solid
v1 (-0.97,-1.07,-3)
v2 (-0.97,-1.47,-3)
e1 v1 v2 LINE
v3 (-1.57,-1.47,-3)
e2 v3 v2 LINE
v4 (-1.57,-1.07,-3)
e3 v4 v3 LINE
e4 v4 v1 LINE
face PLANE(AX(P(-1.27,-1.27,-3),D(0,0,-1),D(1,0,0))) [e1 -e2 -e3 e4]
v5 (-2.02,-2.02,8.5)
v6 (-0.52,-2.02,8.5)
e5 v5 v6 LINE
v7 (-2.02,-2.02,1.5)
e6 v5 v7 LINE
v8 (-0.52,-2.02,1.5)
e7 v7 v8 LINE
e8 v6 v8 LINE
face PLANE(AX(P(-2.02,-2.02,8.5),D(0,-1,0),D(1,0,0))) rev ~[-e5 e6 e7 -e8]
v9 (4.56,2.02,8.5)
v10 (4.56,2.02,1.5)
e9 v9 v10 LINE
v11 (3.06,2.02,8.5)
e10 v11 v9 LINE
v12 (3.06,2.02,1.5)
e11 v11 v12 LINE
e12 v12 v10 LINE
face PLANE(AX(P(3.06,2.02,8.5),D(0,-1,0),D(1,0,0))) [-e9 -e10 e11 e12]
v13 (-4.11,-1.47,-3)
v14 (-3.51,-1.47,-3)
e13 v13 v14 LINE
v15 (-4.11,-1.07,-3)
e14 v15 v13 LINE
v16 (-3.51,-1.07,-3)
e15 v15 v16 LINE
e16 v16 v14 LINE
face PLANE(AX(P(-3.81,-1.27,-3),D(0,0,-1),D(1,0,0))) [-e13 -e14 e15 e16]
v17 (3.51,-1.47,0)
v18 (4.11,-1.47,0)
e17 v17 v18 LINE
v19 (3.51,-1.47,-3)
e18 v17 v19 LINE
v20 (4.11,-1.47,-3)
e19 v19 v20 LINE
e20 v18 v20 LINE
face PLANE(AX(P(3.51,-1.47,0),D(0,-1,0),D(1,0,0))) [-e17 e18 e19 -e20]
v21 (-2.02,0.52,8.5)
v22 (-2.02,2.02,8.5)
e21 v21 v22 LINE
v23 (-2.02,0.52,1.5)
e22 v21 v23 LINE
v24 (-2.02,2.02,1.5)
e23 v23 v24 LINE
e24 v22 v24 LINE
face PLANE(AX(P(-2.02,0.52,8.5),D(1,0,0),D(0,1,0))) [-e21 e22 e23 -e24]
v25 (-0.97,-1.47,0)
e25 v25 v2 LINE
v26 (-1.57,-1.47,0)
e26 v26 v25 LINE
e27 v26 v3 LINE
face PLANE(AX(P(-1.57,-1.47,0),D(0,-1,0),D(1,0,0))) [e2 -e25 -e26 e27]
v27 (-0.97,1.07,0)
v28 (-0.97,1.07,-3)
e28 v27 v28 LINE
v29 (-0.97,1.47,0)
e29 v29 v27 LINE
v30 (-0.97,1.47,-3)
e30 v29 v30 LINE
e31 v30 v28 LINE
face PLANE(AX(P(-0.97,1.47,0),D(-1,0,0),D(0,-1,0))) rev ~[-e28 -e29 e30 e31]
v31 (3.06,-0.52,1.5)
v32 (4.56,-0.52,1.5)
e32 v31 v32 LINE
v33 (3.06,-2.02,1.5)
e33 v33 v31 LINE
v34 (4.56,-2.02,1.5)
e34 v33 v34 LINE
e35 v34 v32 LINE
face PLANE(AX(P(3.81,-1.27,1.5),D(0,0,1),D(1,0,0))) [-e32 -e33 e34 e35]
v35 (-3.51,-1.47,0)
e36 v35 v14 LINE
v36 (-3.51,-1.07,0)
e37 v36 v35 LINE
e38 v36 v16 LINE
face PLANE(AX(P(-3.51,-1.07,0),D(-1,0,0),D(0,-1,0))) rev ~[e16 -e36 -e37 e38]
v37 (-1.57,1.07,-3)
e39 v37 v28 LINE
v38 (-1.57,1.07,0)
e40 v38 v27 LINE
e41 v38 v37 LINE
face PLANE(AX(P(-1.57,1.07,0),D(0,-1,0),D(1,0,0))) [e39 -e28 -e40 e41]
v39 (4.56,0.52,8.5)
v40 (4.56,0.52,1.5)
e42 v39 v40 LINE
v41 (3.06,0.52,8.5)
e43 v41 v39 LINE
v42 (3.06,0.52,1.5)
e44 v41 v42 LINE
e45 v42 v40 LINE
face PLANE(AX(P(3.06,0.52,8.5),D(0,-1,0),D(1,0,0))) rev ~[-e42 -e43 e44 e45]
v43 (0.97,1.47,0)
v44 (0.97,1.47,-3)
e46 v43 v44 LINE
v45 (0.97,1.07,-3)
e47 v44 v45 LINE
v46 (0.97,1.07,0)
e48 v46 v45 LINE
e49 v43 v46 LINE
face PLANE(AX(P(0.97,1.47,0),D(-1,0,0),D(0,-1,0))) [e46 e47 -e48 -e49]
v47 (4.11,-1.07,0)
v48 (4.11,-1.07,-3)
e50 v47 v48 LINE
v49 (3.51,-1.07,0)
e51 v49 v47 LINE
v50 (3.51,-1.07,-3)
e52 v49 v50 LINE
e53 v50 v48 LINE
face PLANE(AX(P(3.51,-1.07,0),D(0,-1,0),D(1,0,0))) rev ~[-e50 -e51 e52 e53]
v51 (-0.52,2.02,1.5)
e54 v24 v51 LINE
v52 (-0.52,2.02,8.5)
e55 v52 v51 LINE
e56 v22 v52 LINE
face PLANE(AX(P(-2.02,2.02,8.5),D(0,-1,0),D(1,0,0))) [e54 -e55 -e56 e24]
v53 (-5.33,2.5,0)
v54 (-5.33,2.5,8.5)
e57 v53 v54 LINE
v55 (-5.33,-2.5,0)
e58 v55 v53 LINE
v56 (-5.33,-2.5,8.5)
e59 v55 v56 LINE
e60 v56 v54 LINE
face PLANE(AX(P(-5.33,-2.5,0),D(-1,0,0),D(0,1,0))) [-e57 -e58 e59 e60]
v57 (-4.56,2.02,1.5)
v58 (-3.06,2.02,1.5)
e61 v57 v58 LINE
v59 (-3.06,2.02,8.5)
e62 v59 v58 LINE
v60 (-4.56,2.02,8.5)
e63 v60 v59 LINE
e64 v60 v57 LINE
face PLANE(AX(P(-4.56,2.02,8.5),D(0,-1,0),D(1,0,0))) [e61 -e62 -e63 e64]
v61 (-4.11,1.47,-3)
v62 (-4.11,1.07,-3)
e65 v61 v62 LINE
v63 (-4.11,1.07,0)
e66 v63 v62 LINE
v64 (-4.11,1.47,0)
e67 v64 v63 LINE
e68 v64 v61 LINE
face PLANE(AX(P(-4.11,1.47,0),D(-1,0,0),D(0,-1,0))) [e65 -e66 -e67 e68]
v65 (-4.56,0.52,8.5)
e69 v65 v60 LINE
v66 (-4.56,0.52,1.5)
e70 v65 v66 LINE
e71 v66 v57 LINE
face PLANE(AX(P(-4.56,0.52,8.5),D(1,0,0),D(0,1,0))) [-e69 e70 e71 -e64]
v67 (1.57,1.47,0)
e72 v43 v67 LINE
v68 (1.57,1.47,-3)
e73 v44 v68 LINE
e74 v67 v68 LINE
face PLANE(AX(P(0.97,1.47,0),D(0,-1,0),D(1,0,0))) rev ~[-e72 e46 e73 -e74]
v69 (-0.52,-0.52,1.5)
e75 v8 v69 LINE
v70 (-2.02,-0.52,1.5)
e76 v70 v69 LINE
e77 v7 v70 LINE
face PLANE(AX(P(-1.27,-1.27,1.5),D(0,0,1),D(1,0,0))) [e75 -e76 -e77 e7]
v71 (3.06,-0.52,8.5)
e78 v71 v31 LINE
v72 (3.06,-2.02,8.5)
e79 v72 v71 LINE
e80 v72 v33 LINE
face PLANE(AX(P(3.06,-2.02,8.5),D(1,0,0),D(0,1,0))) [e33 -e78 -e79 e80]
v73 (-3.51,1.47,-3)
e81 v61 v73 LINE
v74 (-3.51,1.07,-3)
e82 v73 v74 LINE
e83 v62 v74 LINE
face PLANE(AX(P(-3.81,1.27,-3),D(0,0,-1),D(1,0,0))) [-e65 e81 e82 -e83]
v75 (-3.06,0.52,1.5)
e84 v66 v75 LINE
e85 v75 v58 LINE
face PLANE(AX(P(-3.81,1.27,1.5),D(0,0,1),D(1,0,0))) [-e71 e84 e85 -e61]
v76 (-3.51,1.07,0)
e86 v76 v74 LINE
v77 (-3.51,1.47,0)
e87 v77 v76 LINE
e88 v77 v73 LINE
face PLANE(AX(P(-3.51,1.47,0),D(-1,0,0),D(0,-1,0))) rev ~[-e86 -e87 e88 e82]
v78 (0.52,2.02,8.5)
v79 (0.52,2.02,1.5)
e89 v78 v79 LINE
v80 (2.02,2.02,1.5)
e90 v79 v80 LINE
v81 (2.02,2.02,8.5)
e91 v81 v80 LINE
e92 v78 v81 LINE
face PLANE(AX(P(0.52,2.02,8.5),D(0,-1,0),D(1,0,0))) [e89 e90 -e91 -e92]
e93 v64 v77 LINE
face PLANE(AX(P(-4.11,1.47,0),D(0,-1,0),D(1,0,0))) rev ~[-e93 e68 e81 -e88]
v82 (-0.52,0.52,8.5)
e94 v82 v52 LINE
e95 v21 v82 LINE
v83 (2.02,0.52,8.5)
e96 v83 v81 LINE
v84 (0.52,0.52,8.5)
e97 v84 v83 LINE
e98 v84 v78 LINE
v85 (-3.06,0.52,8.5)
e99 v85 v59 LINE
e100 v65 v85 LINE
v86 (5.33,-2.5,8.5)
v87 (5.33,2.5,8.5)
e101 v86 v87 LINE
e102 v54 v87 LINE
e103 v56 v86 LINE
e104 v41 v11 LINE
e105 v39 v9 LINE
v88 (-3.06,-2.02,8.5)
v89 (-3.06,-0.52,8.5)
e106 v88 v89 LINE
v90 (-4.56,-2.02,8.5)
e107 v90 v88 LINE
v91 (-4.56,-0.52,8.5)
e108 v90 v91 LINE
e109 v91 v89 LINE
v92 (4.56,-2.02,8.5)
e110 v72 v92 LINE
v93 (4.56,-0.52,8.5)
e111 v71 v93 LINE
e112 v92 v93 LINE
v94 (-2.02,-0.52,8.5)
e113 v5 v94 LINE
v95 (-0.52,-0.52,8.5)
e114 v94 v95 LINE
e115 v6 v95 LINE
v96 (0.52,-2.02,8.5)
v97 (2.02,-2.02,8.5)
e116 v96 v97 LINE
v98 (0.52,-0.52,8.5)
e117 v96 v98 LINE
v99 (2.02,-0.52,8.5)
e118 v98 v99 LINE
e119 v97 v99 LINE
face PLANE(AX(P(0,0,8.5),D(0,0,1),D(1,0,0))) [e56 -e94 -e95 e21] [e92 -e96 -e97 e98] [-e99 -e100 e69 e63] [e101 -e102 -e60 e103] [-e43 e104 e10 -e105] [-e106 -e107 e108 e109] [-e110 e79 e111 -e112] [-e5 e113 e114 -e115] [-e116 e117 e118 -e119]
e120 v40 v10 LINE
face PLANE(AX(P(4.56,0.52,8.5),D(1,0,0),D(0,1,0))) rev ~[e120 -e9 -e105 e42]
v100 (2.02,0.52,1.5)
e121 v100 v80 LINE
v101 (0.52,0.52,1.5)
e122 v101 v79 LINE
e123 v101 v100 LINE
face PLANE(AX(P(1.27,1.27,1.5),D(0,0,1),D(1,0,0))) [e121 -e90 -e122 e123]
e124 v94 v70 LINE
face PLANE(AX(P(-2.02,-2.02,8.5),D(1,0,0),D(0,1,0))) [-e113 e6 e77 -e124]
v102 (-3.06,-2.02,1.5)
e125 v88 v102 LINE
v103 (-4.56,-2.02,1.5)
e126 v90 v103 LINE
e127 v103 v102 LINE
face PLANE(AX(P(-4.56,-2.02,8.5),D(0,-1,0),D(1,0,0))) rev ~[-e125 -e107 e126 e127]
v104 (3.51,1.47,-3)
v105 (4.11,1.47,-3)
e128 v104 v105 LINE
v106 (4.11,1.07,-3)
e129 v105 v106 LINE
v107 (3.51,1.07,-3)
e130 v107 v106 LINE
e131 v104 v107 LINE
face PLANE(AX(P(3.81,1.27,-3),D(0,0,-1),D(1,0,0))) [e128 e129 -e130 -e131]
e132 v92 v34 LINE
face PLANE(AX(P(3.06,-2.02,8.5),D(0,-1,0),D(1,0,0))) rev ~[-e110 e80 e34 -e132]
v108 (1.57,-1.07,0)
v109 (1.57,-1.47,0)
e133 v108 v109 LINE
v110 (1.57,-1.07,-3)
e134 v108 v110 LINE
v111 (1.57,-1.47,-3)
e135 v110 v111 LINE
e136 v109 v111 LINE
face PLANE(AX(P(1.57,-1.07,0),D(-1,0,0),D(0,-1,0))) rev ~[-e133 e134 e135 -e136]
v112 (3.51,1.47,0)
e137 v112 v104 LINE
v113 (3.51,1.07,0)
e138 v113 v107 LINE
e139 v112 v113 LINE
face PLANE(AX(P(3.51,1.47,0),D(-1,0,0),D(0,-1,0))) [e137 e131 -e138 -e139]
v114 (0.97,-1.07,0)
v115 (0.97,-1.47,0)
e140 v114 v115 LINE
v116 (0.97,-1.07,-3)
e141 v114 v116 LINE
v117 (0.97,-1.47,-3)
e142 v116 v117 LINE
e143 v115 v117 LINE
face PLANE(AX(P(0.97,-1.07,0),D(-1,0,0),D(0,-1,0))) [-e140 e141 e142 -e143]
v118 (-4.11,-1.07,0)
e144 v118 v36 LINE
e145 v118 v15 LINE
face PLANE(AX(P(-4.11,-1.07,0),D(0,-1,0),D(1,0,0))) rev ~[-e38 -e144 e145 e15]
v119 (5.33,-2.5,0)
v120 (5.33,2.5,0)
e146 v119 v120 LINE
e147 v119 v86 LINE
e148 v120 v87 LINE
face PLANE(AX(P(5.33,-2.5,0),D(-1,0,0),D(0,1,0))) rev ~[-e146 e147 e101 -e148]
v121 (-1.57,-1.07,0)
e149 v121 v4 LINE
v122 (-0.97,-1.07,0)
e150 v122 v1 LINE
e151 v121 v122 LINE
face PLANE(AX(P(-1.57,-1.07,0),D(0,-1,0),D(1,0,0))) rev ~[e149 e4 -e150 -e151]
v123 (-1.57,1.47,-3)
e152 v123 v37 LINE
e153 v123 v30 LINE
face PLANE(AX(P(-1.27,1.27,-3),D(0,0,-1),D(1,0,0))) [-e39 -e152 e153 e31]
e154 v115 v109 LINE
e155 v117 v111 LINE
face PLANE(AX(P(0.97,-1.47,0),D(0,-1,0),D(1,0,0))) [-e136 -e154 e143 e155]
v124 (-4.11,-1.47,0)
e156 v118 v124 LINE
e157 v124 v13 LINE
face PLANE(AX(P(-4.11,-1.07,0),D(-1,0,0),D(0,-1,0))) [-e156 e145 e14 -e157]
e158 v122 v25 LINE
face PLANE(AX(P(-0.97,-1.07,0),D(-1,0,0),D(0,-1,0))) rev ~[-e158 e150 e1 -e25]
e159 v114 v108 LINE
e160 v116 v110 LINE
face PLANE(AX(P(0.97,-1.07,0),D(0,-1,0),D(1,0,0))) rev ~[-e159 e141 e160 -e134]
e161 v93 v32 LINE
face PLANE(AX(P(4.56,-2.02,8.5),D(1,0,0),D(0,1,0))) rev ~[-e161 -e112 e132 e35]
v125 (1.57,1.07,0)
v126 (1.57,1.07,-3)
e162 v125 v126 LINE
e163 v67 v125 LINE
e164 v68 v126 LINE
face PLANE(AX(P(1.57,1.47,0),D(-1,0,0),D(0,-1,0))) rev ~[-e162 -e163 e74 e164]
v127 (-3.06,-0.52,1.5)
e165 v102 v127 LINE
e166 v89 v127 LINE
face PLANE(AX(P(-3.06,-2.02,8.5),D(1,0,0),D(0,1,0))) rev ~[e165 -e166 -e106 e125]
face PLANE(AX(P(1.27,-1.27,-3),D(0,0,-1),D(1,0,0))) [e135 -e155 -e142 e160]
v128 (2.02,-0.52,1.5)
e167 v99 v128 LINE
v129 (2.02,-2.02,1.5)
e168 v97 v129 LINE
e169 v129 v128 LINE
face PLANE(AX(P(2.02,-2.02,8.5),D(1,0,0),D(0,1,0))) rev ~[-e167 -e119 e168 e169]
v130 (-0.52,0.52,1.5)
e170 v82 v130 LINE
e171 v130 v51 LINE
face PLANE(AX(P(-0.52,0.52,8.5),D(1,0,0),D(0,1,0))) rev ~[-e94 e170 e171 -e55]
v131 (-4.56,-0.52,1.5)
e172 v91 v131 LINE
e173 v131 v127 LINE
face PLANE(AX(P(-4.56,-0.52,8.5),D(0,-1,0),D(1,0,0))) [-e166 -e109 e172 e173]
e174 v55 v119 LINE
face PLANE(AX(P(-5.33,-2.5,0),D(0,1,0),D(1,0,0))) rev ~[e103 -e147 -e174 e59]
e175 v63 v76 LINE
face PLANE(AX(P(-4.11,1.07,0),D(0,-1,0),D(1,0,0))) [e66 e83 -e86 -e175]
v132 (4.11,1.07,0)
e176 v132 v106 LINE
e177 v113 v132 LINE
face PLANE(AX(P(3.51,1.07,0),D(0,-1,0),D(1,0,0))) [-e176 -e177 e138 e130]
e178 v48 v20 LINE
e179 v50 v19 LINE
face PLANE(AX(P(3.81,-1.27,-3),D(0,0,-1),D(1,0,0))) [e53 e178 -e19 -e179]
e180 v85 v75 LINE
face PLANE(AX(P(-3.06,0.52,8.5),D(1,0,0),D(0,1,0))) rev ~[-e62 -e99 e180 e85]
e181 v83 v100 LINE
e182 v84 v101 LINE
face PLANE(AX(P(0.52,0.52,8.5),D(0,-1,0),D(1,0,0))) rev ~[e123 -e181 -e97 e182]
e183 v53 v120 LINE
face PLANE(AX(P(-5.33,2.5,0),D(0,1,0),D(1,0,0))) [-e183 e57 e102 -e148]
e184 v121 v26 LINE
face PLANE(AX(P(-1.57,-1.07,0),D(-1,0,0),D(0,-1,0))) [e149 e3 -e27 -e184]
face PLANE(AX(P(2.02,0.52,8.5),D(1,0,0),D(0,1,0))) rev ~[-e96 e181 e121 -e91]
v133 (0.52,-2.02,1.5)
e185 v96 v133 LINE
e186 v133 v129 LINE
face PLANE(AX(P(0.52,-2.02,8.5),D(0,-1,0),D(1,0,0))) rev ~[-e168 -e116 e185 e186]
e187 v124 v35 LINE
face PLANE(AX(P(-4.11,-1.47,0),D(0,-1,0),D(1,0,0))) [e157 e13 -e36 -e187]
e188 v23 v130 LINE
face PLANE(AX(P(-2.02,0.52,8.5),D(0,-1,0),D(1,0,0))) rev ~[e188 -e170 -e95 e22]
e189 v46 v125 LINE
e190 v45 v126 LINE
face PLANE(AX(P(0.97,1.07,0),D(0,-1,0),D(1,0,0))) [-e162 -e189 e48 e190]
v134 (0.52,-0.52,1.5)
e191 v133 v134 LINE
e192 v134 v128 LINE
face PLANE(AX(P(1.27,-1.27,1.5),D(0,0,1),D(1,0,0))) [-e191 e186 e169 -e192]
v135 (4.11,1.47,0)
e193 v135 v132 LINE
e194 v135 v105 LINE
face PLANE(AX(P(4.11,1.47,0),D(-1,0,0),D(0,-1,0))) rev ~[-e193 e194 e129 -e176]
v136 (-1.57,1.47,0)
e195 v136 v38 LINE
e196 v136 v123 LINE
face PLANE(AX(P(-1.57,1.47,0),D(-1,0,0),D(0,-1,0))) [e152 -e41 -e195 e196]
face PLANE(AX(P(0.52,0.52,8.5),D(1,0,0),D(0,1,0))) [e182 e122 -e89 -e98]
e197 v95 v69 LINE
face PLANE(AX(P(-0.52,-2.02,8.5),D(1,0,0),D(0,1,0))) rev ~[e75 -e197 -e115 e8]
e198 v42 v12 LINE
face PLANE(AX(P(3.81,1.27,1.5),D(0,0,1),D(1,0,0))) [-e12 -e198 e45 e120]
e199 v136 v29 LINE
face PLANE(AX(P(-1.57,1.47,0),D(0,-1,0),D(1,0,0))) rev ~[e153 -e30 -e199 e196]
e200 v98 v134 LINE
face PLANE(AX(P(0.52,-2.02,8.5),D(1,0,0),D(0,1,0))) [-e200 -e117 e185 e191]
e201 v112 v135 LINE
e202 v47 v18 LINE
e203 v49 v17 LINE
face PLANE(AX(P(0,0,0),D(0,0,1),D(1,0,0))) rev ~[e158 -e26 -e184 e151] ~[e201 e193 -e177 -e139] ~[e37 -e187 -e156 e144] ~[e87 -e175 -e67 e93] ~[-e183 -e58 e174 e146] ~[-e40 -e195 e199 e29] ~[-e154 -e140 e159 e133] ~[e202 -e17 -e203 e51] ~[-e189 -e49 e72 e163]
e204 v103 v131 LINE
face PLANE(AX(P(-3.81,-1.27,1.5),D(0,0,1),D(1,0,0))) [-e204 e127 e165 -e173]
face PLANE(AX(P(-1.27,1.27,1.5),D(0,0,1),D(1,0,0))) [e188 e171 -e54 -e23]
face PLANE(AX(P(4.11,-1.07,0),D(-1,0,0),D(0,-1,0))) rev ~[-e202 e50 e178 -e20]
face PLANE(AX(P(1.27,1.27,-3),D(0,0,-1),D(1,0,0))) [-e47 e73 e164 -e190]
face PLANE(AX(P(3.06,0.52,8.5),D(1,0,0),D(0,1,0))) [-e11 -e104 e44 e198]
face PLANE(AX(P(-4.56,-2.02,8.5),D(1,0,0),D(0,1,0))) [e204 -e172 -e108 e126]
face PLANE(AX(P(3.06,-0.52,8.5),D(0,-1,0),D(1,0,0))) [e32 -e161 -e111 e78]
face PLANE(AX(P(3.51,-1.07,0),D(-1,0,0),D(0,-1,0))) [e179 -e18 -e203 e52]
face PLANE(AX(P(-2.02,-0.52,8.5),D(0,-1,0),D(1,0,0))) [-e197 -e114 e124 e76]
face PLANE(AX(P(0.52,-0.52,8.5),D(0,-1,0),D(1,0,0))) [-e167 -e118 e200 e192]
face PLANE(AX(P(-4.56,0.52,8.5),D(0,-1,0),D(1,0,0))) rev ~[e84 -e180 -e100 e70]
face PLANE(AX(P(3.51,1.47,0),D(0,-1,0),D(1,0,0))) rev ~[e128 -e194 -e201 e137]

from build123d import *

# Parameters (mm, degrees)
F0_W     = 10.66
F0_H     = 5
F1_DEPTH = 8.5
F2_W     = 1.5
F2_H     = 1.5
F3_DEPTH = 7
F4_W     = 0.6
F4_H     = 0.4
F5_DEPTH = 3


with BuildPart() as f1:
    # F0 (on Top) → F1 (new body)
    with BuildSketch(Plane.XY):
        Rectangle(F0_W, F0_H)
    extrude(amount=F1_DEPTH)

    # F2 (on face) → F3 (cut)
    with BuildSketch(Plane.XY.offset(8.5)):
        with Locations((-3.81, 1.27)):
            Rectangle(F2_W, F2_H)
        with Locations((-3.81, -1.27)):
            Rectangle(F2_W, F2_H)
        with Locations((-1.27, 1.27)):
            Rectangle(F2_W, F2_H)
        with Locations((-1.27, -1.27)):
            Rectangle(F2_W, F2_H)
        with Locations((1.27, 1.27)):
            Rectangle(F2_W, F2_H)
        with Locations((1.27, -1.27)):
            Rectangle(F2_W, F2_H)
        with Locations((3.81, 1.27)):
            Rectangle(F2_W, F2_H)
        with Locations((3.81, -1.27)):
            Rectangle(F2_W, F2_H)
        with Locations((6.35, 1.27)):
            Rectangle(F2_W, F2_H)
        with Locations((6.35, -1.27)):
            Rectangle(F2_W, F2_H)
        with Locations((8.89, 1.27)):
            Rectangle(F2_W, F2_H)
        with Locations((8.89, -1.27)):
            Rectangle(F2_W, F2_H)
    extrude(amount=-F3_DEPTH, mode=Mode.SUBTRACT)

    # F4 (on face) → F5 (join)
    with BuildSketch(Plane(origin=(0, 0, 0), x_dir=(1, 0, 0), z_dir=(0, 0, -1))):
        with Locations((-3.81, 1.27)):
            Rectangle(F4_W, F4_H)
        with Locations((-3.81, -1.27)):
            Rectangle(F4_W, F4_H)
        with Locations((-1.27, 1.27)):
            Rectangle(F4_W, F4_H)
        with Locations((-1.27, -1.27)):
            Rectangle(F4_W, F4_H)
        with Locations((1.27, 1.27)):
            Rectangle(F4_W, F4_H)
        with Locations((1.27, -1.27)):
            Rectangle(F4_W, F4_H)
        with Locations((3.81, 1.27)):
            Rectangle(F4_W, F4_H)
        with Locations((3.81, -1.27)):
            Rectangle(F4_W, F4_H)
    extrude(amount=F5_DEPTH)


with BuildPart() as f5:
    # F4 (on face) → F5, piece 2 (new body)
    with BuildSketch(Plane(origin=(0, 0, 0), x_dir=(1, 0, 0), z_dir=(0, 0, -1))):
        with Locations((6.35, 1.27)):
            Rectangle(F4_W, F4_H)
    extrude(amount=F5_DEPTH)


with BuildPart() as f5b:
    # F4 (on face) → F5, piece 3 (new body)
    with BuildSketch(Plane(origin=(0, 0, 0), x_dir=(1, 0, 0), z_dir=(0, 0, -1))):
        with Locations((6.35, -1.27)):
            Rectangle(F4_W, F4_H)
    extrude(amount=F5_DEPTH)


with BuildPart() as f5c:
    # F4 (on face) → F5, piece 4 (new body)
    with BuildSketch(Plane(origin=(0, 0, 0), x_dir=(1, 0, 0), z_dir=(0, 0, -1))):
        with Locations((8.89, 1.27)):
            Rectangle(F4_W, F4_H)
    extrude(amount=F5_DEPTH)


with BuildPart() as f5d:
    # F4 (on face) → F5, piece 5 (new body)
    with BuildSketch(Plane(origin=(0, 0, 0), x_dir=(1, 0, 0), z_dir=(0, 0, -1))):
        with Locations((8.89, -1.27)):
            Rectangle(F4_W, F4_H)
    extrude(amount=F5_DEPTH)


solid = f1.part
